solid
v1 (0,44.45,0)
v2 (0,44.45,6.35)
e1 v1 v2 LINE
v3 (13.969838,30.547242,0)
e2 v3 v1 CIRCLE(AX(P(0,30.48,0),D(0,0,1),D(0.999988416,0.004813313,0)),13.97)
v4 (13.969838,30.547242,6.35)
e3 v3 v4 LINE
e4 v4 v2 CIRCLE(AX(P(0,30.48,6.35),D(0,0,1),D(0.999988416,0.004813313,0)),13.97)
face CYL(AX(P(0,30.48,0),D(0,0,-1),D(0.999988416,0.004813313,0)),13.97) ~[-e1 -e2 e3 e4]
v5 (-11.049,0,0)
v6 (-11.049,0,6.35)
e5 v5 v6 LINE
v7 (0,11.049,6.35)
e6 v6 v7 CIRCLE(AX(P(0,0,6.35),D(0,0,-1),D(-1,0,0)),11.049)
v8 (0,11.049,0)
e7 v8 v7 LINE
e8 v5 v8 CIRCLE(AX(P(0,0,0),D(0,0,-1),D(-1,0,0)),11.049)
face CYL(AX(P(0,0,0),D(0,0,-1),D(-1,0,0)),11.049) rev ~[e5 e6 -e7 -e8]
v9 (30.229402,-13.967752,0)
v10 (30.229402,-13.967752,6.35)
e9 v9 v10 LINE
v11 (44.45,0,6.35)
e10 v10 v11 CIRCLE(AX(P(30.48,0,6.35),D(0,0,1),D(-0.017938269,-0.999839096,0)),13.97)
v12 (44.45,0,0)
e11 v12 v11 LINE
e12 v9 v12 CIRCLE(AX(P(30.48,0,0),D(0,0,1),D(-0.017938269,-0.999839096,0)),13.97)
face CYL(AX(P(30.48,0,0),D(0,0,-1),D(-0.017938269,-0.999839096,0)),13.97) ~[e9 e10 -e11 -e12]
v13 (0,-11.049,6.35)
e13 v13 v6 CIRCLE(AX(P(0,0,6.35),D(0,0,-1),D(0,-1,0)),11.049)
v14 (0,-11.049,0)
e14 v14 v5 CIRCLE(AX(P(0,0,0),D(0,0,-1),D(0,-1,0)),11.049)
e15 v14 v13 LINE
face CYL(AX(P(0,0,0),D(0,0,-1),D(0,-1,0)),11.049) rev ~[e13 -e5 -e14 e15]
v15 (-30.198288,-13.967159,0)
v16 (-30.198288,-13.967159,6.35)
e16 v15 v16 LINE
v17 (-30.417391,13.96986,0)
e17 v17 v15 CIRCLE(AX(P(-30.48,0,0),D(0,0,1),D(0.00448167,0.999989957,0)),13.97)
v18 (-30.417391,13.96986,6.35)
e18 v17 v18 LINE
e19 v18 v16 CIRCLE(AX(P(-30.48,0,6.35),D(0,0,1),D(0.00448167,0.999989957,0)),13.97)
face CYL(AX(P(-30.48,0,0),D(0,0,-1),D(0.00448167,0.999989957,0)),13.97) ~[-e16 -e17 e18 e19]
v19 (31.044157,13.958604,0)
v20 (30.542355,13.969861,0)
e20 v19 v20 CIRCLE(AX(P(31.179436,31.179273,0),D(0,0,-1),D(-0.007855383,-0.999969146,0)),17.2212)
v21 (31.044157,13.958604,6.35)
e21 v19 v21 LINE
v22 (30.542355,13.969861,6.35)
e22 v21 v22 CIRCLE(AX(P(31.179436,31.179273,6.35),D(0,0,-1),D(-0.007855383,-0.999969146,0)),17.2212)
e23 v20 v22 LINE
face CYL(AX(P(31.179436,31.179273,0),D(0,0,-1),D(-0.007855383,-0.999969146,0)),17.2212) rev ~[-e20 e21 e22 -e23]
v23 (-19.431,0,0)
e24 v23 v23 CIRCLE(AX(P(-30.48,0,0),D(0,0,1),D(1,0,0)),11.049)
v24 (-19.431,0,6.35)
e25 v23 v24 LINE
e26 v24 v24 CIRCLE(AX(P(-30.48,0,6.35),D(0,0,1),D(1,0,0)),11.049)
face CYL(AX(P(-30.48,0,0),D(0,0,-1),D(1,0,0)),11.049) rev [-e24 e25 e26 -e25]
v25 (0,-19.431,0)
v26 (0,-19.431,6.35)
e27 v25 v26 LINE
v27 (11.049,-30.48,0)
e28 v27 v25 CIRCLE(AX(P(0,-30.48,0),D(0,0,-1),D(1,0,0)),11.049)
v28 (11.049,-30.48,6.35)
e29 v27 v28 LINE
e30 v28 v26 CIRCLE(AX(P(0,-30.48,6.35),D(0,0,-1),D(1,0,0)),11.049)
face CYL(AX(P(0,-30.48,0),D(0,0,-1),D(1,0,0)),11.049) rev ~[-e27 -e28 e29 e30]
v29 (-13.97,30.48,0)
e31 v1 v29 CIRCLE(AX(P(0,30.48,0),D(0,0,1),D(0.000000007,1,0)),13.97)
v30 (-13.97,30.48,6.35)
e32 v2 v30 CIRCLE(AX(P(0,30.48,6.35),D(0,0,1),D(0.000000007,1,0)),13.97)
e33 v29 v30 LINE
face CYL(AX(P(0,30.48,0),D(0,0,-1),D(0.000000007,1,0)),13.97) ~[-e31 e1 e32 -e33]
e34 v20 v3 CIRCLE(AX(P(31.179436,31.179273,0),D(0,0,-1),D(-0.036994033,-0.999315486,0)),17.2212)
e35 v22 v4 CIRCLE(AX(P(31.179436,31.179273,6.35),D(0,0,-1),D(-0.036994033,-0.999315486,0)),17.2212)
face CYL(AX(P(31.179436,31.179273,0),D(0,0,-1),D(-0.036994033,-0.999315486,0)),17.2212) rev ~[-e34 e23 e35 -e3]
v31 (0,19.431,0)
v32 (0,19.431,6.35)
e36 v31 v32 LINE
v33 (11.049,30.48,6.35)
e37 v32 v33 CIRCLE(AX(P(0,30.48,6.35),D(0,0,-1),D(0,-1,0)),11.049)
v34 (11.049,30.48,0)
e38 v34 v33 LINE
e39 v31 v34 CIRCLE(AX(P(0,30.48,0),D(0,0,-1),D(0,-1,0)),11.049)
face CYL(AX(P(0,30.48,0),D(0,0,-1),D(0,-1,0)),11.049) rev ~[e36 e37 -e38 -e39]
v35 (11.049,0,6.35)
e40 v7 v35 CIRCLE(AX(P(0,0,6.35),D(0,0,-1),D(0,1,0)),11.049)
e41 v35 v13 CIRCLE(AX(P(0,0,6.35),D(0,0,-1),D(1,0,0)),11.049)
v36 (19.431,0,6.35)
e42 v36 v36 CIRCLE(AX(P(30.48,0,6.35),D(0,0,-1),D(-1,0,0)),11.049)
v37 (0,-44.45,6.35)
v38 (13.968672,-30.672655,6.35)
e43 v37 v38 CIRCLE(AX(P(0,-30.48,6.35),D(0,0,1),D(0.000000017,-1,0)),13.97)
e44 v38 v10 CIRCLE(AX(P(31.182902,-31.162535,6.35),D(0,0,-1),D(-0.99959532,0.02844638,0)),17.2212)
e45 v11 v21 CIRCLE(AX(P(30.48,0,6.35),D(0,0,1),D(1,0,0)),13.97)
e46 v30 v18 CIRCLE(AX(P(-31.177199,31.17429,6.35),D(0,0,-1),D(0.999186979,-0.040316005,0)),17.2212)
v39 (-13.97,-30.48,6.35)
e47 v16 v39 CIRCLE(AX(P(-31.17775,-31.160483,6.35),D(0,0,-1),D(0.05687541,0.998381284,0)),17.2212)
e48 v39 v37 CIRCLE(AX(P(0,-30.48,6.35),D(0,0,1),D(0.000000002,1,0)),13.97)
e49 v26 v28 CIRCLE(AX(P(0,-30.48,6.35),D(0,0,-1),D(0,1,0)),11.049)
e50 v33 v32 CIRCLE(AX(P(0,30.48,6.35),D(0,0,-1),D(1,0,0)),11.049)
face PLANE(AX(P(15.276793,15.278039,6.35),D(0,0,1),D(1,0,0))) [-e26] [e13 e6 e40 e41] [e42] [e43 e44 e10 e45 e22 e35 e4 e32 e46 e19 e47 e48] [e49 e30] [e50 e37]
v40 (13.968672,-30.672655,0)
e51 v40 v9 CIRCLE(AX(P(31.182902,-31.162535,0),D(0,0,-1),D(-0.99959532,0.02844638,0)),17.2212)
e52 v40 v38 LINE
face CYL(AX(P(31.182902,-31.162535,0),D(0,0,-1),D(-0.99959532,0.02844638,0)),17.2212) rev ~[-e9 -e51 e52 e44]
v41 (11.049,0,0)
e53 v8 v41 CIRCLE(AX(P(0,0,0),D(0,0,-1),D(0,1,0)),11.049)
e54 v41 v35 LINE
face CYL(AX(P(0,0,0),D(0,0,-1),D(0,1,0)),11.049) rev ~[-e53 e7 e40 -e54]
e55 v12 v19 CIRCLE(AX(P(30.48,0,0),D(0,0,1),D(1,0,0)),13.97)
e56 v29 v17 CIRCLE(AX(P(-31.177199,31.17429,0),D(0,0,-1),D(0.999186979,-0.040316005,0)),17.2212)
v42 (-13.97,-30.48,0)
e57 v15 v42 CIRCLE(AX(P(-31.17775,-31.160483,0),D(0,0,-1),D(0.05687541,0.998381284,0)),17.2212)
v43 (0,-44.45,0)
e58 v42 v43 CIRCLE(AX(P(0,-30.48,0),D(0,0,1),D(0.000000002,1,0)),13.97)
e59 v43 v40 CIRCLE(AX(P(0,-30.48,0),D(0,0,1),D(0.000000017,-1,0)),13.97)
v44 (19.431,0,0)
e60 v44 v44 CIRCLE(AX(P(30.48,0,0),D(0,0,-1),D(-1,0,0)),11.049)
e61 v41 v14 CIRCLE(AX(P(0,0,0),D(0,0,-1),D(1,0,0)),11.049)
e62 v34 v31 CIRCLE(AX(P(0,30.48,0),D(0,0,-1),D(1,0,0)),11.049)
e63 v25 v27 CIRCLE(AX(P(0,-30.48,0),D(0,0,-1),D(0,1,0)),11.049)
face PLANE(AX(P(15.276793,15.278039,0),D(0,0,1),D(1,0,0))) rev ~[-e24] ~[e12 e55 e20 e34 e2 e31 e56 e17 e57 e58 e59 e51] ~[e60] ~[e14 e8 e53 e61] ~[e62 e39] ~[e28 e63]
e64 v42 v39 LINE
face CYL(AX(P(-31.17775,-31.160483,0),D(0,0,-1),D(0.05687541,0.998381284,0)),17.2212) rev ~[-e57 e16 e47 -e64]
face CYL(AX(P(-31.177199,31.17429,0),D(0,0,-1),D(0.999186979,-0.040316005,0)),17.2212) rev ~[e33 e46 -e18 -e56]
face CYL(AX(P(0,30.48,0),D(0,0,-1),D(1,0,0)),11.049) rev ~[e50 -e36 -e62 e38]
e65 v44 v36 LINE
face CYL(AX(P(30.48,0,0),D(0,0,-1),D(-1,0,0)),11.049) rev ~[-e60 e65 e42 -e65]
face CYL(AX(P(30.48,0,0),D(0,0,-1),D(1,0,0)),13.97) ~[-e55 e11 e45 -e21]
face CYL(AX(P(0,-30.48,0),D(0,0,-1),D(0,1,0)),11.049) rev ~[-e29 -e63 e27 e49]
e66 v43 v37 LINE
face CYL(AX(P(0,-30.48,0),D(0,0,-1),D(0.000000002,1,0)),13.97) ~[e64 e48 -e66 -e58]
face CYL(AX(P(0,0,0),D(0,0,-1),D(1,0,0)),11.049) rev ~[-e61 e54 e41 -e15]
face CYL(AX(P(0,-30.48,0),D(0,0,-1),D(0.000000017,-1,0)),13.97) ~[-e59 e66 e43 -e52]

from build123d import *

# Parameters (mm, degrees)
F0_R     = 11.049
F1_DEPTH = 6.35


with BuildPart() as f1:
    # F0 (on Top) → F1 (new body)
    with BuildSketch(Plane.XY):
        with BuildLine():
            ThreePointArc((30.5423546194, 13.9698608404), (19.000422111, 19.0038325132), (13.9698381707, 30.547241977))
            ThreePointArc((13.9698381707, 30.547241977), (13.9699595426, 30.5136210859), (13.97, 30.48))
            ThreePointArc((13.97, 30.48), (9.8782817373, 20.6017182709), (1.15e-08, 16.51))
            ThreePointArc((1.15e-08, 16.51), (11.6743329615, 11.6743329533), (16.51, 0))
            ThreePointArc((16.51, 0), (20.623788609, 9.900302875), (30.5423546194, 13.9698608404))
        make_face()
        with BuildLine():
            ThreePointArc((1.15e-08, 16.51), (-9.8782817291, 20.6017182627), (-13.97, 30.48))
            ThreePointArc((-13.97, 30.48), (-18.9768088864, 19.0202694582), (-30.4173910664, 13.969859703))
            ThreePointArc((-30.4173910664, 13.969859703), (-20.5796074118, 9.8561212756), (-16.51, 0))
            ThreePointArc((-16.51, 0), (-11.6743329533, 11.6743329615), (1.15e-08, 16.51))
        make_face()
        with BuildLine():
            ThreePointArc((-30.4173910664, 13.969859703), (-40.3361211962, 9.9003926673), (-44.45, 2.241e-07))
            ThreePointArc((-44.45, 2.241e-07), (-40.2581741683, -9.9773849246), (-30.1982875449, -13.9671592707))
            ThreePointArc((-30.1982875449, -13.9671592707), (-20.5026149969, -9.7781740883), (-16.51, 0))
            ThreePointArc((-16.51, 0), (-20.5796074118, 9.8561212756), (-30.4173910664, 13.969859703))
        make_face()
        with Locations((-30.48, 0)):
            Circle(F0_R, mode=Mode.SUBTRACT)
        with BuildLine():
            ThreePointArc((-30.1982875449, -13.9671592707), (-18.895154623, -19.0895439026), (-13.97, -30.48))
            ThreePointArc((-13.97, -30.48), (-9.8782817214, -20.6017182551), (3.33e-08, -16.51))
            ThreePointArc((3.33e-08, -16.51), (-11.6743329456, -11.6743329692), (-16.51, 0))
            ThreePointArc((-16.51, 0), (-20.5026149969, -9.7781740883), (-30.1982875449, -13.9671592707))
        make_face()
        with BuildLine():
            ThreePointArc((13.9686715274, -30.6726545055), (18.8427220321, -19.1504715121), (30.2294023882, -13.9677521755))
            ThreePointArc((30.2294023882, -13.9677521755), (20.5135124382, -9.7892811626), (16.51, 0))
            ThreePointArc((16.51, 0), (11.6743329692, -11.6743329456), (3.33e-08, -16.51))
            ThreePointArc((3.33e-08, -16.51), (9.8782817449, -20.6017182786), (13.97, -30.48))
            ThreePointArc((13.97, -30.48), (13.9696678779, -30.5763295429), (13.9686715274, -30.6726545055))
        make_face()
        with BuildLine():
            ThreePointArc((3.33e-08, -16.51), (11.6743329692, -11.6743329456), (16.51, 0))
            Line((16.51, 0), (11.049, 0))
            ThreePointArc((11.049, 0), (7.8128228253, -7.8128228253), (0, -11.049))
            Line((0, -11.049), (0, -16.51))
        make_face()
        with BuildLine():
            Line((11.049, 0), (16.51, 0))
            ThreePointArc((16.51, 0), (11.6743329615, 11.6743329533), (1.15e-08, 16.51))
            Line((0, 16.51), (0, 11.049))
            ThreePointArc((0, 11.049), (7.8128228253, 7.8128228253), (11.049, 0))
        make_face()
        with BuildLine():
            Line((0, 11.049), (0, 16.51))
            ThreePointArc((1.15e-08, 16.51), (-11.6743329533, 11.6743329615), (-16.51, 0))
            Line((-16.51, 0), (-11.049, 0))
            ThreePointArc((-11.049, 0), (-7.8128228253, 7.8128228253), (0, 11.049))
        make_face()
        with BuildLine():
            ThreePointArc((-16.51, 0), (-11.6743329456, -11.6743329692), (3.33e-08, -16.51))
            Line((0, -16.51), (0, -11.049))
            ThreePointArc((0, -11.049), (-7.8128228253, -7.8128228253), (-11.049, 0))
            Line((-11.049, 0), (-16.51, 0))
        make_face()
        with BuildLine():
            ThreePointArc((-13.97, -30.48), (-9.8782816496, -40.3582818168), (2.364e-07, -44.45))
            ThreePointArc((2.364e-07, -44.45), (9.8099316986, -40.4261620774), (13.9686715274, -30.6726545055))
            ThreePointArc((13.9686715274, -30.6726545055), (13.9696678779, -30.5763295429), (13.97, -30.48))
            ThreePointArc((13.97, -30.48), (9.8782817449, -20.6017182786), (3.33e-08, -16.51))
            ThreePointArc((3.33e-08, -16.51), (-9.8782817214, -20.6017182551), (-13.97, -30.48))
        make_face()
        with BuildLine():
            ThreePointArc((11.049, -30.48), (-7.8128228253, -38.2928228253), (0, -19.431))
            ThreePointArc((0, -19.431), (7.8128228253, -22.6671771747), (11.049, -30.48))
        make_face(mode=Mode.SUBTRACT)
        with BuildLine():
            ThreePointArc((30.2294023882, -13.9677521755), (40.2692811626, -9.9664875618), (44.45, 0))
            ThreePointArc((44.45, 0), (40.5557673489, 9.6767666258), (31.0441571466, 13.9586040389))
            ThreePointArc((31.0441571466, 13.9586040389), (30.7932148695, 13.9624041517), (30.5423546194, 13.9698608404))
            ThreePointArc((30.5423546194, 13.9698608404), (20.623788609, 9.900302875), (16.51, 0))
            ThreePointArc((16.51, 0), (20.5135124382, -9.7892811626), (30.2294023882, -13.9677521755))
        make_face()
        with BuildLine():
            ThreePointArc((41.529, 0), (30.48, -11.049), (19.431, 0))
            ThreePointArc((19.431, 0), (30.48, 11.049), (41.529, 0))
        make_face(mode=Mode.SUBTRACT)
        with BuildLine():
            ThreePointArc((13.9698381707, 30.547241977), (9.8544794632, 40.382026788), (1.001e-07, 44.45))
            ThreePointArc((1.001e-07, 44.45), (-9.8782816978, 40.3582817686), (-13.97, 30.48))
            ThreePointArc((-13.97, 30.48), (-9.8782817291, 20.6017182627), (1.15e-08, 16.51))
            ThreePointArc((1.15e-08, 16.51), (9.8782817373, 20.6017182709), (13.97, 30.48))
            ThreePointArc((13.97, 30.48), (13.9699595426, 30.5136210859), (13.9698381707, 30.547241977))
        make_face()
        with BuildLine():
            ThreePointArc((11.049, 30.48), (7.8128228253, 22.6671771747), (0, 19.431))
            ThreePointArc((0, 19.431), (-7.8128228253, 38.2928228253), (11.049, 30.48))
        make_face(mode=Mode.SUBTRACT)
    extrude(amount=F1_DEPTH)


solid = f1.part
